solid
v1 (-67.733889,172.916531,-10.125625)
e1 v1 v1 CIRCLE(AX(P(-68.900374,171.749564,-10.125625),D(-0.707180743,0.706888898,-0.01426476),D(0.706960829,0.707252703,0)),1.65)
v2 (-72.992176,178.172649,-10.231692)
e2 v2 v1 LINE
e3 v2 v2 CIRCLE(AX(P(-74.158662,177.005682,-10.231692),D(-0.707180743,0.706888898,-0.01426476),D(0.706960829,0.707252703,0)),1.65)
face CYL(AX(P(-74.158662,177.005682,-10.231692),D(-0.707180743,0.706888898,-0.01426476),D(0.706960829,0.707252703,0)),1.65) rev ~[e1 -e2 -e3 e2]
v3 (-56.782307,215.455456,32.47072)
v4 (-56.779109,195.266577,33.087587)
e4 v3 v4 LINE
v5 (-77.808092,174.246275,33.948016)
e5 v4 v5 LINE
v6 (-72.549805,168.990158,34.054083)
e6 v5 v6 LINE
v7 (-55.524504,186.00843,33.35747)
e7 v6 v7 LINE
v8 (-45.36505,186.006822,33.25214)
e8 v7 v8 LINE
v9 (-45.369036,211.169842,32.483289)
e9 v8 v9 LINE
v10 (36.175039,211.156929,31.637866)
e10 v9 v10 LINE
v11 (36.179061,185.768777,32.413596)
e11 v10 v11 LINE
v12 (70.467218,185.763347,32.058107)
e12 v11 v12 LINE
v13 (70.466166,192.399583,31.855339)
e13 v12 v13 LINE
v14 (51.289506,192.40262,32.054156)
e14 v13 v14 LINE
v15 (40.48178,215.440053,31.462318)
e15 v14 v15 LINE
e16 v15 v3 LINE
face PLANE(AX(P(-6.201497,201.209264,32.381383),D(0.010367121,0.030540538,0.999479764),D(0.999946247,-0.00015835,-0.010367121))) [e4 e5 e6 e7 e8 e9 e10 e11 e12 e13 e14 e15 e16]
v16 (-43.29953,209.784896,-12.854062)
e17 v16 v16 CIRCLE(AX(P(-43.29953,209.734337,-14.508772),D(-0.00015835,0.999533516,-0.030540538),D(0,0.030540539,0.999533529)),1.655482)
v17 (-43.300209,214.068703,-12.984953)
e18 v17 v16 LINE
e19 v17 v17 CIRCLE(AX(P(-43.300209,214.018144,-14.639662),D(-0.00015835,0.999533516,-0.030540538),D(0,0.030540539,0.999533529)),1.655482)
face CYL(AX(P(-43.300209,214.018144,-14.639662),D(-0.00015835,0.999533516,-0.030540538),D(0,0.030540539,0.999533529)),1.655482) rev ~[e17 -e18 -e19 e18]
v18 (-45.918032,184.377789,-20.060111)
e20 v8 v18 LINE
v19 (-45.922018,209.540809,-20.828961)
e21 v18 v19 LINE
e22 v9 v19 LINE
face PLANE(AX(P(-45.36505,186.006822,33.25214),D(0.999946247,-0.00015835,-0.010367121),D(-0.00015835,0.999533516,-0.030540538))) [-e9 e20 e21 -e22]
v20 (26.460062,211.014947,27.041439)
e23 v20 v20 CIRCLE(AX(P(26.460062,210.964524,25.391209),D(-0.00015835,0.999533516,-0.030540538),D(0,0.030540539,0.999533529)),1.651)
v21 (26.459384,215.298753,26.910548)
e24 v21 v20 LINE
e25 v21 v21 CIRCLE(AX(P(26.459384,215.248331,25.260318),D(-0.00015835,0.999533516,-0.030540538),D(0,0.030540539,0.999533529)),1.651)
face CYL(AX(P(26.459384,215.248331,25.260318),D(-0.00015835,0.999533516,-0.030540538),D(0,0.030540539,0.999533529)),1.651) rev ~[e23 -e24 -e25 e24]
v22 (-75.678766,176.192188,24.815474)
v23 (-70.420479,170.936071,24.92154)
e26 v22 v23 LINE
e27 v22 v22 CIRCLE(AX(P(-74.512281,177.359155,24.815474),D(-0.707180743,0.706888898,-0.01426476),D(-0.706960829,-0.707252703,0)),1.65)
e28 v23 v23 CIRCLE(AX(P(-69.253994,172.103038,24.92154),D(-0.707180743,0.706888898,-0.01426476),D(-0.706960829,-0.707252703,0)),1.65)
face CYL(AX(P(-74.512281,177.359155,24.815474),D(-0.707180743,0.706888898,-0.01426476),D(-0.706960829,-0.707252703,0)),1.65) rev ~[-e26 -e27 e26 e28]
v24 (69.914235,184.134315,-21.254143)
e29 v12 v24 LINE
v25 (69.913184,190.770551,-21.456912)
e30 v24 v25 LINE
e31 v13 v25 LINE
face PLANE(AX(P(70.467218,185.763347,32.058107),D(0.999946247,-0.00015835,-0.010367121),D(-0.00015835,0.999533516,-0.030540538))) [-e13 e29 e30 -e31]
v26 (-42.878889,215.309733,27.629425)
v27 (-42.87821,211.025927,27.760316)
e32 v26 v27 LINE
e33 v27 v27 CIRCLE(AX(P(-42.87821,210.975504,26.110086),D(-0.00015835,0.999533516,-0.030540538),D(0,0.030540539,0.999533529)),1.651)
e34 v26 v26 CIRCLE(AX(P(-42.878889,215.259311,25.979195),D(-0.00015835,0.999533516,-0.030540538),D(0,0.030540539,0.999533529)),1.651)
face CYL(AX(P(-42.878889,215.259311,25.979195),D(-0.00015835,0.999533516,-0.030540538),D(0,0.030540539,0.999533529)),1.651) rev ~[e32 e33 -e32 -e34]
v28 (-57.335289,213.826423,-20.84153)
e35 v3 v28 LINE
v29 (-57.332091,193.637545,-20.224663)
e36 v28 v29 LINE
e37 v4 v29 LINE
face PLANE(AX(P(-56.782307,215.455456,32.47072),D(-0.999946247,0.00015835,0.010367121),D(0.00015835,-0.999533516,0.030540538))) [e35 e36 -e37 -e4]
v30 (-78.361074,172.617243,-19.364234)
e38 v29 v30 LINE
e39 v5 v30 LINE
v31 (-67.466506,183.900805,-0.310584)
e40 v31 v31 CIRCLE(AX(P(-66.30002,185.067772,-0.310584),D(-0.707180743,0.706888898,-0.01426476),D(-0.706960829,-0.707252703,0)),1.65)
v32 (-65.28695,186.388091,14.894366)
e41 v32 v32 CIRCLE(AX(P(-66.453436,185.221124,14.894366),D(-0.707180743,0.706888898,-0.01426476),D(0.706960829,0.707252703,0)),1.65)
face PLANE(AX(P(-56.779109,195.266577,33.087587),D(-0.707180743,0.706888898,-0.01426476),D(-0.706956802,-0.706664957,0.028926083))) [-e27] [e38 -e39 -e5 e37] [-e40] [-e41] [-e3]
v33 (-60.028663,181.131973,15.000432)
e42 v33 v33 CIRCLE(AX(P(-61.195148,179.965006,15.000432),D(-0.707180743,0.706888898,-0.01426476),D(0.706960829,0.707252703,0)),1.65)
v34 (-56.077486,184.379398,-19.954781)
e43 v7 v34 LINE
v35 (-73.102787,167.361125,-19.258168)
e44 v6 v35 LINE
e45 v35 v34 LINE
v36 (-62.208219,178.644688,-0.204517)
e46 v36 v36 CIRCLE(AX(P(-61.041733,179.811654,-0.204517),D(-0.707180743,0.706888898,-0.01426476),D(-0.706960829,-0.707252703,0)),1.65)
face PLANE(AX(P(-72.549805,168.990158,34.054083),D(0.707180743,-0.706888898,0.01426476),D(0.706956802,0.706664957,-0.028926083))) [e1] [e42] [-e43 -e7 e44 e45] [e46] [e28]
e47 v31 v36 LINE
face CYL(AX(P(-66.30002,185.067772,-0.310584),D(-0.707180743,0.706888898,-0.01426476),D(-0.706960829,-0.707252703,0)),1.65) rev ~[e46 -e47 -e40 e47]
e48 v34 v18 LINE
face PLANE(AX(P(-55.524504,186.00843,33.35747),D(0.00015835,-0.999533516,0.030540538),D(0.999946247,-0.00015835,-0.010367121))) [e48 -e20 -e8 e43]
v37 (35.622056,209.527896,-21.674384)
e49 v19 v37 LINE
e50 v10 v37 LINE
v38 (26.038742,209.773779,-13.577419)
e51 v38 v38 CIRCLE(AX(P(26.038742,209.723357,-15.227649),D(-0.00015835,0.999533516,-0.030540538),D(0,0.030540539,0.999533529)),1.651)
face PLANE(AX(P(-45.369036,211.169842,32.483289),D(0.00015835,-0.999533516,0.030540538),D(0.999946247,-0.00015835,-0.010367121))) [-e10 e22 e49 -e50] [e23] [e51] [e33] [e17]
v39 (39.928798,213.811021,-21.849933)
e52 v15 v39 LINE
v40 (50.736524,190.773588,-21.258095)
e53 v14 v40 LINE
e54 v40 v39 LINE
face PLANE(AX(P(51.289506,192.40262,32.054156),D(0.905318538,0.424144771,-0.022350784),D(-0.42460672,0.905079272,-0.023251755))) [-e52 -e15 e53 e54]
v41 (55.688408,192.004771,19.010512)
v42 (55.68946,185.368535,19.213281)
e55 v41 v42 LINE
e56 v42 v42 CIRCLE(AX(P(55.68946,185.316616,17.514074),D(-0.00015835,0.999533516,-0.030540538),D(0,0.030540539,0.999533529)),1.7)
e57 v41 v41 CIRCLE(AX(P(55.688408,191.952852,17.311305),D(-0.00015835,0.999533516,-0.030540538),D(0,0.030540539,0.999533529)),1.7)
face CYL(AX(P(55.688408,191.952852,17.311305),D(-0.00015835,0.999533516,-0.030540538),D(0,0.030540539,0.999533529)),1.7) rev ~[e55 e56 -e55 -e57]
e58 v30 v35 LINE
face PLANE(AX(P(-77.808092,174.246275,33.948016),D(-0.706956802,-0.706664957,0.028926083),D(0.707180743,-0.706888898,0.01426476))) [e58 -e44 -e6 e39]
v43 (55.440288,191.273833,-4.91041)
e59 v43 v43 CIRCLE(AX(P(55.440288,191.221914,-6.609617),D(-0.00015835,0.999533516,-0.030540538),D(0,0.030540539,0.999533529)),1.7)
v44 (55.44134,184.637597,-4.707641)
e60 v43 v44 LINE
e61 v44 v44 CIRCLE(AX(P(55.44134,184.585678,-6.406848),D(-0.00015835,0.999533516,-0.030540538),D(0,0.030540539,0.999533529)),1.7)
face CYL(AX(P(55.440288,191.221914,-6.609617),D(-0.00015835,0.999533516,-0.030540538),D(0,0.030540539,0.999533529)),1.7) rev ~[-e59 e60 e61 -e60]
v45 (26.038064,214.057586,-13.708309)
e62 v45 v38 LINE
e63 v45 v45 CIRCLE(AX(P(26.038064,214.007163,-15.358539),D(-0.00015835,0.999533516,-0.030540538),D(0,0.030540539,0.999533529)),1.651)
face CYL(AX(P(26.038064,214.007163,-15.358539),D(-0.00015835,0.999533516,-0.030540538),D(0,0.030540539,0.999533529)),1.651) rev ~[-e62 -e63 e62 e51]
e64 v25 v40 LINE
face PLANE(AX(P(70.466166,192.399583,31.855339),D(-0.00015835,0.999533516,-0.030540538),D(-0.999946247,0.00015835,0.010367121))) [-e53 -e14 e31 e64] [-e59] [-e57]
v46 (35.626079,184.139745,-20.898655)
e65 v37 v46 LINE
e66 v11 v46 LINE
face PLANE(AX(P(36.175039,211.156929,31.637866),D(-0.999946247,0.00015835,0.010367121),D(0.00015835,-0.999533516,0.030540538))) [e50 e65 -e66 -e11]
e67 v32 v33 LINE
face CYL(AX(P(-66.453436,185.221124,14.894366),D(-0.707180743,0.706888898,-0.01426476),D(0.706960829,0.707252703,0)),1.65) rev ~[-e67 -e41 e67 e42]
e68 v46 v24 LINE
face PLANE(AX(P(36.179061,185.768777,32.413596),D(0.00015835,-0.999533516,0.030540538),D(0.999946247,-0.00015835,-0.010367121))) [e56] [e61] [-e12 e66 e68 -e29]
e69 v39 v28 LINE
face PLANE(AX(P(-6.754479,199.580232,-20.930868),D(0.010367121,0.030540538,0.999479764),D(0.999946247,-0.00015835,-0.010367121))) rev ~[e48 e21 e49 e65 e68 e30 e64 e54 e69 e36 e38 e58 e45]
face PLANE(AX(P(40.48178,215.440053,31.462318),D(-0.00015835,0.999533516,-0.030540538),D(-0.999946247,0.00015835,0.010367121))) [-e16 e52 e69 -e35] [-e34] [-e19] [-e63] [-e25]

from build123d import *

# Parameters (mm, degrees)
BOSS_EXTRUDE2_DEPTH = 53.34
SKETCH4_R           = 1.7
CUT_EXTRUDE1_DEPTH  = 92.181462139
SKETCH5_R           = 1.65
CUT_EXTRUDE2_DEPTH  = 219.815917306
CUT_EXTRUDE3_REACH  = 101.921
SKETCH6_R           = 1.65548177
SKETCH6_R_2         = 1.651


with BuildPart() as part:
    # Sketch3 → Boss-Extrude2 (new body)
    with BuildSketch(Plane(origin=(0.39856693, 1.174139675, 38.425283804), x_dir=(0.9999462474151822, -0.00015834992252811985, -0.010367121374682776), z_dir=(0.010367121374682774, 0.030540538135663202, 0.999479763839562))):
        Polygon((35.811663947, 184.686461522), (70.101663947, 184.686461522), (70.101663947, 191.325794663), (50.92397302, 191.325794663), (40.119315635, 214.372267387), (-57.15, 214.372267387), (-57.15, 194.173966846), (-78.183444815, 173.140522031), (-72.925707516, 167.882784732), (-55.896794471, 184.911697776), (-45.736794471, 184.911697776), (-45.736794471, 210.086461522), (35.811663947, 210.086461522), align=None)
    extrude(amount=-BOSS_EXTRUDE2_DEPTH)

    # Sketch4 → Cut-Extrude1 (cut, through all)
    with BuildSketch(Plane(origin=(-0.030296425, 191.236544322, -5.843192728), x_dir=(0.999999987462651, 0.00015827605687458352, -4.836091908386067e-06), z_dir=(-0.0001583499225282815, 0.99953351642438, -0.030540538135663205))):
        with Locations(Location((55.718705533, -23.165573574, 0), (0, 0, 270))):
            Circle(SKETCH4_R)
        with Locations(Location((55.470585341, 0.766513873, 0), (0, 0, 270))):
            Circle(SKETCH4_R)
    extrude(amount=-CUT_EXTRUDE1_DEPTH, mode=Mode.SUBTRACT)

    # Sketch5 → Cut-Extrude2 (cut, through all)
    with BuildSketch(Plane(origin=(-125.675127332, 125.623262737, -2.535031563), x_dir=(-0.010088789926051056, 0.010084626405281995, 0.9998982531378351), z_dir=(-0.7071807426733389, 0.7068888977909322, -0.014264759791391517))):
        with Locations(Location((27.353288467, 72.760478035, 0), (0, 0, 270))):
            Circle(SKETCH5_R)
        with Locations(Location((17.431171, 84.018164474, 0), (0, 0, 90))):
            Circle(SKETCH5_R)
        with Locations(Location((2.224674143, 84.018164474, 0), (0, 0, 270))):
            Circle(SKETCH5_R)
        with Locations(Location((-7.697443324, 72.760478035, 0), (0, 0, 90))):
            Circle(SKETCH5_R)
    extrude(amount=-CUT_EXTRUDE2_DEPTH, mode=Mode.SUBTRACT)

    # Sketch6 → Cut-Extrude3 (cut, up to next)
    with BuildSketch(Plane(origin=(-0.033945832, 214.272266245, -6.547044407), x_dir=(0.999999987462651, 0.00015827605687420668, -4.836091908374553e-06), z_dir=(-0.00015834992252790448, 0.99953351642438, -0.030540538135663216)), mode=Mode.PRIVATE) as cut_extrude3_sk1:
        with Locations(Location((-43.266263609, 8.096604069, 0), (0, 0, 270))):
            Circle(SKETCH6_R)
    cut_extrude3_tool1 = extrude(cut_extrude3_sk1.sketch, amount=-CUT_EXTRUDE3_REACH, mode=Mode.PRIVATE) & part.part
    # Sketch6 → Cut-Extrude3 (cut, up to next)
    with BuildSketch(Plane(origin=(-0.033945832, 214.272266245, -6.547044407), x_dir=(0.999999987462651, 0.00015827605687420668, -4.836091908374553e-06), z_dir=(-0.00015834992252790448, 0.99953351642438, -0.030540538135663216)), mode=Mode.PRIVATE) as cut_extrude3_sk2:
        with Locations(Location((26.072009948, 8.815481008, 0), (0, 0, 270))):
            Circle(SKETCH6_R_2)
    cut_extrude3_tool2 = extrude(cut_extrude3_sk2.sketch, amount=-CUT_EXTRUDE3_REACH, mode=Mode.PRIVATE) & part.part
    # Sketch6 → Cut-Extrude3 (cut, up to next)
    with BuildSketch(Plane(origin=(-0.033945832, 214.272266245, -6.547044407), x_dir=(0.999999987462651, 0.00015827605687420668, -4.836091908374553e-06), z_dir=(-0.00015834992252790448, 0.99953351642438, -0.030540538135663216)), mode=Mode.PRIVATE) as cut_extrude3_sk3:
        with Locations(Location((26.493329766, -31.822334996, 0), (0, 0, 270))):
            Circle(SKETCH6_R_2)
    cut_extrude3_tool3 = extrude(cut_extrude3_sk3.sketch, amount=-CUT_EXTRUDE3_REACH, mode=Mode.PRIVATE) & part.part
    # Sketch6 → Cut-Extrude3 (cut, up to next)
    with BuildSketch(Plane(origin=(-0.033945832, 214.272266245, -6.547044407), x_dir=(0.999999987462651, 0.00015827605687420668, -4.836091908374553e-06), z_dir=(-0.00015834992252790448, 0.99953351642438, -0.030540538135663216)), mode=Mode.PRIVATE) as cut_extrude3_sk4:
        with Locations(Location((-42.844943791, -32.541211936, 0), (0, 0, 270))):
            Circle(SKETCH6_R_2)
    cut_extrude3_tool4 = extrude(cut_extrude3_sk4.sketch, amount=-CUT_EXTRUDE3_REACH, mode=Mode.PRIVATE) & part.part
    add(cut_extrude3_tool1.solids().sort_by_distance((-43.300209, 214.018144, -14.639662))[0], mode=Mode.SUBTRACT)
    add(cut_extrude3_tool2.solids().sort_by_distance((26.038064, 214.007163, -15.358539))[0], mode=Mode.SUBTRACT)
    add(cut_extrude3_tool3.solids().sort_by_distance((26.459384, 215.248331, 25.260318))[0], mode=Mode.SUBTRACT)
    add(cut_extrude3_tool4.solids().sort_by_distance((-42.878889, 215.259311, 25.979195))[0], mode=Mode.SUBTRACT)


solid = part.part
